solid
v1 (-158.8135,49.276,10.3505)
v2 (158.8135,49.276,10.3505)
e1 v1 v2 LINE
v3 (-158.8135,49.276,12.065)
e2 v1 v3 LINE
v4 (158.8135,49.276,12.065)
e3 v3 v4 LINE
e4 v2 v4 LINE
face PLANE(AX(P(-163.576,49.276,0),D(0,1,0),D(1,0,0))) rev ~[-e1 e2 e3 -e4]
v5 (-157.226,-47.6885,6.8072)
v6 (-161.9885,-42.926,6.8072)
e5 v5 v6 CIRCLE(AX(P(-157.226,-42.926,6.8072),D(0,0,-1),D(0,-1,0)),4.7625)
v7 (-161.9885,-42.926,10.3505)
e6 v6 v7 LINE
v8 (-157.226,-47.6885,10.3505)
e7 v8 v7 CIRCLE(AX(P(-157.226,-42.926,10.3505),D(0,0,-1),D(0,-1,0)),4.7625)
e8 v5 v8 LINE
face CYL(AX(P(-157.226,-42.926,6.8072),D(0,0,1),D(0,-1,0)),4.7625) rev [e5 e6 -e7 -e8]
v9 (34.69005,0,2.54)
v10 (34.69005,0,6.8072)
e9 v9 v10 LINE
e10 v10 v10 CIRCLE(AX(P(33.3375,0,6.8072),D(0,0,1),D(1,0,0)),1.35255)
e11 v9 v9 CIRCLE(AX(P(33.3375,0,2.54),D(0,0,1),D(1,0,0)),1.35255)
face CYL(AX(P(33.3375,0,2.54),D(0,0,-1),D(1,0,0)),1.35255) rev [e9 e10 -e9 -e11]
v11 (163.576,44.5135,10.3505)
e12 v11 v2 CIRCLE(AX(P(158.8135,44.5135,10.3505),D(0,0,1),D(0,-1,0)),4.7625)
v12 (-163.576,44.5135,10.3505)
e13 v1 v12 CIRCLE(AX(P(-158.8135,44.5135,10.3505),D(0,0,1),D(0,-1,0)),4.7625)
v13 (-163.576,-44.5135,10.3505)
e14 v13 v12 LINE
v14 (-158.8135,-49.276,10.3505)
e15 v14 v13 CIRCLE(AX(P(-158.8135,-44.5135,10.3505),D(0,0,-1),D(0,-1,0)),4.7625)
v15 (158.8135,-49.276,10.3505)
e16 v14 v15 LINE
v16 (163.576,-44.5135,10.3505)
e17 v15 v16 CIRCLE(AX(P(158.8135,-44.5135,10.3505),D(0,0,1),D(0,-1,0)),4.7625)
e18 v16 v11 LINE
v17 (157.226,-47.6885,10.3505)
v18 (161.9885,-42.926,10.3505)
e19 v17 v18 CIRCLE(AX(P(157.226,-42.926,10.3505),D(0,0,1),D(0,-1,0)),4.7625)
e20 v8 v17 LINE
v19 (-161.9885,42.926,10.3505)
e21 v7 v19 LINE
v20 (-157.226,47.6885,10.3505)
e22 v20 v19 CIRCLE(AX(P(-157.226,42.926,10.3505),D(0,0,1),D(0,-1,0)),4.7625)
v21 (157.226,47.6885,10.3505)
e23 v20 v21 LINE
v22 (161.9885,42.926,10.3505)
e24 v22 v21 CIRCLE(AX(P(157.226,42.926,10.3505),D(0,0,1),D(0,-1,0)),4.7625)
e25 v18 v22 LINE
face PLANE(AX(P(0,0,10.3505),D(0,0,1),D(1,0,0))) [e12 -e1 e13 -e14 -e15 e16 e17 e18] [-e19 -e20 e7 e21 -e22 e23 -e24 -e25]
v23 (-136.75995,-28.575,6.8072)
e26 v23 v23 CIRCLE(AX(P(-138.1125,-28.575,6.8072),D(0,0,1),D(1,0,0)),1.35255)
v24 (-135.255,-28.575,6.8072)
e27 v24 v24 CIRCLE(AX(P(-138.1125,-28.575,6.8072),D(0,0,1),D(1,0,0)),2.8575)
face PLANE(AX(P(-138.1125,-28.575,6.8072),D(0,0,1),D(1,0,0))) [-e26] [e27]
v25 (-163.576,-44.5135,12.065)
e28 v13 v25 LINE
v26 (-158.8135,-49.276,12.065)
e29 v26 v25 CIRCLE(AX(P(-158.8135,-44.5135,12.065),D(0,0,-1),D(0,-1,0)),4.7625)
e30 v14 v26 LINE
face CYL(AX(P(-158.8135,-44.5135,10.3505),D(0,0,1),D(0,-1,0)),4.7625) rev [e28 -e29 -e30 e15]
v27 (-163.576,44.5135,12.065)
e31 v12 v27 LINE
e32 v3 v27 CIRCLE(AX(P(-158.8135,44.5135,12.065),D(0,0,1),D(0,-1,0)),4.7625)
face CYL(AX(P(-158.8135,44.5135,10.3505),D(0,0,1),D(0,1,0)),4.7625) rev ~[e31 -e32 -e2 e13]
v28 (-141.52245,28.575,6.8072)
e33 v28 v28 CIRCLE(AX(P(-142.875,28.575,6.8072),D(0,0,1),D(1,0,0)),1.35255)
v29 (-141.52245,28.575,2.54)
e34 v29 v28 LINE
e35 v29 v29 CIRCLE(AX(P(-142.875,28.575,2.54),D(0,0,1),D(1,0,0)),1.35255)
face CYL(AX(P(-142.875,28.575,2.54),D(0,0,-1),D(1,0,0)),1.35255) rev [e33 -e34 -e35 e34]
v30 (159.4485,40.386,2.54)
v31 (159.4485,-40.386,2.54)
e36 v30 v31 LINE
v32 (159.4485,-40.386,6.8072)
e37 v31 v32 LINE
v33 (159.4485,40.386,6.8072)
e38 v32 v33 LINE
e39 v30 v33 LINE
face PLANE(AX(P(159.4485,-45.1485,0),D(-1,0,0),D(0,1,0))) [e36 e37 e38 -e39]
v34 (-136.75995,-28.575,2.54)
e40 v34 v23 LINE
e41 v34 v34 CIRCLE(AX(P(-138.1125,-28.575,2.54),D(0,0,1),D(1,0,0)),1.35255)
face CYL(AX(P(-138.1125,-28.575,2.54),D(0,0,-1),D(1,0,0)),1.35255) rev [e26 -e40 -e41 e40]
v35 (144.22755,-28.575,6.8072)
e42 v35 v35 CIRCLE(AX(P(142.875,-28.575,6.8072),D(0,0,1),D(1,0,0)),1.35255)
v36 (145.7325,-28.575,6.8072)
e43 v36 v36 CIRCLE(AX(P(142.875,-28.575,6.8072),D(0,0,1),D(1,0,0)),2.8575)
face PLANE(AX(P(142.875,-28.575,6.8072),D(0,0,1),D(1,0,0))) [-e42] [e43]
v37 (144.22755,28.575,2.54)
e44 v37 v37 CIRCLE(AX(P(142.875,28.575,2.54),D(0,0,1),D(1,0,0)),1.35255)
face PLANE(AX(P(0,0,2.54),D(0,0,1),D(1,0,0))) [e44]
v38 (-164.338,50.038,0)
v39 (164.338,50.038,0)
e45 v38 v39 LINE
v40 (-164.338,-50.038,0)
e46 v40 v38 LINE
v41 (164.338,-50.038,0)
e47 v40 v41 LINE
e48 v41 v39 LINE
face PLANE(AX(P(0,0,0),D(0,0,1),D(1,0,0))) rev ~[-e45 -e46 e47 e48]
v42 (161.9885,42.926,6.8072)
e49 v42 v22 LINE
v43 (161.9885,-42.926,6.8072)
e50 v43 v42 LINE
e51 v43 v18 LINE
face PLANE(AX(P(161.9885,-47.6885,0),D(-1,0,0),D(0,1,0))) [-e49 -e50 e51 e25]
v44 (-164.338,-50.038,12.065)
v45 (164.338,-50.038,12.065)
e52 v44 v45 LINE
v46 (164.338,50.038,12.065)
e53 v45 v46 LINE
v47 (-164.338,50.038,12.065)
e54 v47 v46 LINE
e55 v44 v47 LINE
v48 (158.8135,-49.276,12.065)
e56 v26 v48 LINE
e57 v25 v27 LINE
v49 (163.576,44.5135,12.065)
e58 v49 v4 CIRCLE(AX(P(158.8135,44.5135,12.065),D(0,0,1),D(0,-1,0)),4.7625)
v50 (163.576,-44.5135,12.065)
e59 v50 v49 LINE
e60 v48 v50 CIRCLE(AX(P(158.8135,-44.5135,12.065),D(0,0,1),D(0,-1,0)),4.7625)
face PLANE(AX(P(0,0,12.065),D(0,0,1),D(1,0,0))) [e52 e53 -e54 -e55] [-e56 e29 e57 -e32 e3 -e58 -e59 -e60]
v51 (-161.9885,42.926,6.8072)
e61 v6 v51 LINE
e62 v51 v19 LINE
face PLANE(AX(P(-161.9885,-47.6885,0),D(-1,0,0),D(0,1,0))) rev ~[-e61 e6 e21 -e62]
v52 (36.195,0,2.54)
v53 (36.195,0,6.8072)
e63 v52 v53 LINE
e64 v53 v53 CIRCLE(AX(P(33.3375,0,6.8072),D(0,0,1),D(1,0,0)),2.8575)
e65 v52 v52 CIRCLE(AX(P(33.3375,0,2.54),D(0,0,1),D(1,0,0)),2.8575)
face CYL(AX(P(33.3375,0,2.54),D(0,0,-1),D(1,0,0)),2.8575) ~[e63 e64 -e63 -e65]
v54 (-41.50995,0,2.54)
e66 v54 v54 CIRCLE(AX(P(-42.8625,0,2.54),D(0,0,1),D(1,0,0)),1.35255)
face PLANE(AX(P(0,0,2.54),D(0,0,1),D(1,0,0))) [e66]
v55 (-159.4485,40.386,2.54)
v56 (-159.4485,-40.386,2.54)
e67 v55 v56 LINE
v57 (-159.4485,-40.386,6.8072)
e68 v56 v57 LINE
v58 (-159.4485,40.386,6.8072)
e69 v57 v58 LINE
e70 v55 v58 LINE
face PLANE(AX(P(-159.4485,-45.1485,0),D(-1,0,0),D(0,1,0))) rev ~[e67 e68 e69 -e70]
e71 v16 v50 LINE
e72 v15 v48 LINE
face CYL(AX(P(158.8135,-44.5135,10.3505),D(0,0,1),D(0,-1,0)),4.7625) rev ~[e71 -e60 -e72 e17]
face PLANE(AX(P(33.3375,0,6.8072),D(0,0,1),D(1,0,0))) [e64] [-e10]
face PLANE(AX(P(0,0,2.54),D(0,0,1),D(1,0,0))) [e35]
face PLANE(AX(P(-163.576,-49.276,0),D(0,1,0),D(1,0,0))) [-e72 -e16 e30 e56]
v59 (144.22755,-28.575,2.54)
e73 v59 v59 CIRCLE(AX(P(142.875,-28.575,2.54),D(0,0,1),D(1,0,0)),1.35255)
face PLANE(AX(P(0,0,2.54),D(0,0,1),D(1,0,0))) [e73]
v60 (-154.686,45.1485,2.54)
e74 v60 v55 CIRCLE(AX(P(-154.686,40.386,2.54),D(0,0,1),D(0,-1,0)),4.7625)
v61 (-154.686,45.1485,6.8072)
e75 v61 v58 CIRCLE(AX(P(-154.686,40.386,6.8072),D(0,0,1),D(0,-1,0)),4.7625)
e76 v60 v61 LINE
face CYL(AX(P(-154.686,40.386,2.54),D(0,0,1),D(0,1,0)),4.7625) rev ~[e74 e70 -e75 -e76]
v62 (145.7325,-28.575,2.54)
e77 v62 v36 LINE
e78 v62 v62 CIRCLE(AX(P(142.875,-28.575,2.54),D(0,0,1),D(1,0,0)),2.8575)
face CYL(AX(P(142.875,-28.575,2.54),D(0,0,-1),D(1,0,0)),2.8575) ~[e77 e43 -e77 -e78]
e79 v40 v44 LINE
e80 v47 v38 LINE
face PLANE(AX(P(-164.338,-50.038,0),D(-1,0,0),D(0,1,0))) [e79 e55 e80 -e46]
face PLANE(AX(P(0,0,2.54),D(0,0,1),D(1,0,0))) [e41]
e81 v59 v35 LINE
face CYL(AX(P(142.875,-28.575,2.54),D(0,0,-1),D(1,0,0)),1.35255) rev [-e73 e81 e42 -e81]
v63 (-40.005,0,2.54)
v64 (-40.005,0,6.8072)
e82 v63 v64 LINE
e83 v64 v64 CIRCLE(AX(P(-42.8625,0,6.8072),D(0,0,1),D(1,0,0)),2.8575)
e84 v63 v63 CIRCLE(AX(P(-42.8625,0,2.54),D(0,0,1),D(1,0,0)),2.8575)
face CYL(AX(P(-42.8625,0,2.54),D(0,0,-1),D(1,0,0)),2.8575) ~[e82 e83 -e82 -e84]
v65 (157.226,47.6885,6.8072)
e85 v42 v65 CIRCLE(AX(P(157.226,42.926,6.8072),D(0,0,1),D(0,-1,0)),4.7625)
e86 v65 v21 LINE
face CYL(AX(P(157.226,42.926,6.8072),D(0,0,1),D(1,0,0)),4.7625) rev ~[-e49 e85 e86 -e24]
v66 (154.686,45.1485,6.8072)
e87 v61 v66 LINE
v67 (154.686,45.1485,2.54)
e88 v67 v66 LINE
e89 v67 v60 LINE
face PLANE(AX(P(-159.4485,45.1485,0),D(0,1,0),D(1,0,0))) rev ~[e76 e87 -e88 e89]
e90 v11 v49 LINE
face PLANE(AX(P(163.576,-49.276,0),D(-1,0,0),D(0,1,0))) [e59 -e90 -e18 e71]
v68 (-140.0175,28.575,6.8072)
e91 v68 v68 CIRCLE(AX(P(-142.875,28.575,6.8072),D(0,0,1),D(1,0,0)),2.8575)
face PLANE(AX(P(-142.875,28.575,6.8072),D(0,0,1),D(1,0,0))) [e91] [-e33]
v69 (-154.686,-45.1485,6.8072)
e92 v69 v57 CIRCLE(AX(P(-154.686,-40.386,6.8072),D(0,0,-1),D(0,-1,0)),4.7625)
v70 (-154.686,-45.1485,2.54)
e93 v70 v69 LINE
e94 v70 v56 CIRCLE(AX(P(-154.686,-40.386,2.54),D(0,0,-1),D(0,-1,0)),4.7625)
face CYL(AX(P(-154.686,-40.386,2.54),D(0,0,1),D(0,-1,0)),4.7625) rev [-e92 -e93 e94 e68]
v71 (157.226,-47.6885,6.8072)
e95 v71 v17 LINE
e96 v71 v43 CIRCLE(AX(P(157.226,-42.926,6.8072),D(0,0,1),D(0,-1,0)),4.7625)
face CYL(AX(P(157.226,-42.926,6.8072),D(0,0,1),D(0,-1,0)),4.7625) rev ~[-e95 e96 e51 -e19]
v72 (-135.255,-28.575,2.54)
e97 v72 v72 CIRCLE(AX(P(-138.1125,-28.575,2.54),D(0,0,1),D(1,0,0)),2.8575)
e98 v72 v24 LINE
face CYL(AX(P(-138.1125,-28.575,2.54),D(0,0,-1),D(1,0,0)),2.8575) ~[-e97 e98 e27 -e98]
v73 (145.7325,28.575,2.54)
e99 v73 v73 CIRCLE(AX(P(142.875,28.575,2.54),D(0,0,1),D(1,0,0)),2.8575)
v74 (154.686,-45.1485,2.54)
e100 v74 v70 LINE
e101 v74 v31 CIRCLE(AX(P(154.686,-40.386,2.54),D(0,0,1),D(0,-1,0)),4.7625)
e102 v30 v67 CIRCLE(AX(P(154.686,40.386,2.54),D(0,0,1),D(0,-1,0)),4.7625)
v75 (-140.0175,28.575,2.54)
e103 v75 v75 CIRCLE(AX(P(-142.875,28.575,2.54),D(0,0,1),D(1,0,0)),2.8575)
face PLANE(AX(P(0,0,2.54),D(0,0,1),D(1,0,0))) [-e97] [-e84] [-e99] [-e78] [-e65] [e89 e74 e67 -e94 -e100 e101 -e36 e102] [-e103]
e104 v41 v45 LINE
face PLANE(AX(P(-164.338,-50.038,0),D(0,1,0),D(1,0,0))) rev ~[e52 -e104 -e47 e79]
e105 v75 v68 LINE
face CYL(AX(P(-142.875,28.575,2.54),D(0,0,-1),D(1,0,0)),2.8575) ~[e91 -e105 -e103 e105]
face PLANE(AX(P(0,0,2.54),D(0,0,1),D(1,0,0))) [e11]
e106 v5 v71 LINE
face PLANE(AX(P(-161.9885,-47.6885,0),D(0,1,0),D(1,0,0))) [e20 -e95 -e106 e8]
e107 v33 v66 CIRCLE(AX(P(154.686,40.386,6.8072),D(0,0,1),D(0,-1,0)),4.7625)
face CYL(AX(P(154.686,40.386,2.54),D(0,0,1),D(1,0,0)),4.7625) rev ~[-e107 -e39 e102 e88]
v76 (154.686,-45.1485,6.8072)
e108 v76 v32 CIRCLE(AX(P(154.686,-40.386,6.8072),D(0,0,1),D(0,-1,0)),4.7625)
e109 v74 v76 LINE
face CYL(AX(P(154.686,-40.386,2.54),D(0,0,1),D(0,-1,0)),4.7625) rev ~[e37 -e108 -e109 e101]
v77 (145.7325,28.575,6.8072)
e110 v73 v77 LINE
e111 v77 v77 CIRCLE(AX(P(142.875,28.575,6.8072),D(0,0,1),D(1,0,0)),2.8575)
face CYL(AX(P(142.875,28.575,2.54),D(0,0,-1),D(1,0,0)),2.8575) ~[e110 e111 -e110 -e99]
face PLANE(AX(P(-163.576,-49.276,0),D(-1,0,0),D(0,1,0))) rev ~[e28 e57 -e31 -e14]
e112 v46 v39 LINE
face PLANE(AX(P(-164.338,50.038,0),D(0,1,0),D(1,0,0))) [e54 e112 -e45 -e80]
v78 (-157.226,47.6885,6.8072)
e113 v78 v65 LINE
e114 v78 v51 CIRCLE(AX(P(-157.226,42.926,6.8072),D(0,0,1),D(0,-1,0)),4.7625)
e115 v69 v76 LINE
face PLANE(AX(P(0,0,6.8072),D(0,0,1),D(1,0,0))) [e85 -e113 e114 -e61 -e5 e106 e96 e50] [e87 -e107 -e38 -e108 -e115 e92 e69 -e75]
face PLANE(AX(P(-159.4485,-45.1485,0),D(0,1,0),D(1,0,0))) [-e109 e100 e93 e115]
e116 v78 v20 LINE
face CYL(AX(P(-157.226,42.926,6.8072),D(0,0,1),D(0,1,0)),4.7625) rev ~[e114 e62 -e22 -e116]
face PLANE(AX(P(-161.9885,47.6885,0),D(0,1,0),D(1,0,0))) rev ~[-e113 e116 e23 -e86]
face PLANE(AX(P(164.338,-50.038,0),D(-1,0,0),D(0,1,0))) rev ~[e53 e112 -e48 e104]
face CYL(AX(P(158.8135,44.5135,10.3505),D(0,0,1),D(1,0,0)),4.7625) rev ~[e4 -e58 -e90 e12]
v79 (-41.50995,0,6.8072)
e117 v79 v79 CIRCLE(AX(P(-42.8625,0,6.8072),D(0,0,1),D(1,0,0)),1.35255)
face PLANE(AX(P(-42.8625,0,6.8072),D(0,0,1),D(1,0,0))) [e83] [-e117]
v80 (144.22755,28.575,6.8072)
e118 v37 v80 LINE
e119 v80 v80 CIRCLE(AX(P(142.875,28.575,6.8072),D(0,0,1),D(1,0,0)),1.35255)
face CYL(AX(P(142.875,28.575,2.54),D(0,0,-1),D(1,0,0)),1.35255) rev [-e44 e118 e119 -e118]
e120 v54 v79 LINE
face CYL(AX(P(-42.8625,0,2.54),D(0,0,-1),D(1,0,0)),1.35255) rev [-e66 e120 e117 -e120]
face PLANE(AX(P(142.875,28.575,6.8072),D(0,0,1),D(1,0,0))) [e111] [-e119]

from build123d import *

# Parameters (mm, degrees)
SKETCH1_W           = 328.676
SKETCH1_H           = 100.076
SKETCH1_W_2         = 327.152
SKETCH1_H_2         = 98.552
SKETCH1_W_3         = 323.977
SKETCH1_H_3         = 95.377
SKETCH1_W_4         = 318.897
SKETCH1_H_4         = 90.297
BOSS_EXTRUDE1_DEPTH = 2.54
SKETCH1_3_W         = 328.676
SKETCH1_3_H         = 100.076
SKETCH1_3_W_2       = 327.152
SKETCH1_3_H_2       = 98.552
BOSS_EXTRUDE2_DEPTH = 12.065
SKETCH1_4_W         = 327.152
SKETCH1_4_H         = 98.552
SKETCH1_4_W_2       = 323.977
SKETCH1_4_H_2       = 95.377
BOSS_EXTRUDE3_DEPTH = 10.3505
SKETCH1_5_W         = 323.977
SKETCH1_5_H         = 95.377
SKETCH1_5_W_2       = 318.897
SKETCH1_5_H_2       = 90.297
BOSS_EXTRUDE4_DEPTH = 6.8072
FILLET1_R           = 4.7625
SKETCH2_R           = 2.8575
SKETCH2_R_2         = 1.35255
BOSS_EXTRUDE5_DEPTH = 4.2672


with BuildPart() as part:
    # Sketch1 → Boss-Extrude1 (new body)
    # profile 1 of 4: a face of its own
    with BuildSketch(Plane.XY):
        Rectangle(SKETCH1_W, SKETCH1_H)
        Rectangle(SKETCH1_W_2, SKETCH1_H_2, mode=Mode.SUBTRACT)
    # profile 2 of 4: a face of its own
    with BuildSketch(Plane.XY):
        Rectangle(SKETCH1_W_2, SKETCH1_H_2)
        Rectangle(SKETCH1_W_3, SKETCH1_H_3, mode=Mode.SUBTRACT)
    # profile 3 of 4: a face of its own
    with BuildSketch(Plane.XY):
        Rectangle(SKETCH1_W_3, SKETCH1_H_3)
    # profile 4 of 4: a face of its own
    with BuildSketch(Plane.XY):
        Rectangle(SKETCH1_W_4, SKETCH1_H_4)
    extrude(amount=BOSS_EXTRUDE1_DEPTH)

    # Sketch1<3> → Boss-Extrude2 (add)
    with BuildSketch(Plane.XY):
        Rectangle(SKETCH1_3_W, SKETCH1_3_H)
        Rectangle(SKETCH1_3_W_2, SKETCH1_3_H_2, mode=Mode.SUBTRACT)
    extrude(amount=BOSS_EXTRUDE2_DEPTH)

    # Sketch1<4> → Boss-Extrude3 (add)
    with BuildSketch(Plane.XY):
        Rectangle(SKETCH1_4_W, SKETCH1_4_H)
        Rectangle(SKETCH1_4_W_2, SKETCH1_4_H_2, mode=Mode.SUBTRACT)
    extrude(amount=BOSS_EXTRUDE3_DEPTH)

    # Sketch1<5> → Boss-Extrude4 (add)
    with BuildSketch(Plane.XY):
        Rectangle(SKETCH1_5_W, SKETCH1_5_H)
        Rectangle(SKETCH1_5_W_2, SKETCH1_5_H_2, mode=Mode.SUBTRACT)
    extrude(amount=BOSS_EXTRUDE4_DEPTH)

    # Fillet1
    fillet1_edges = [part.edges().sort_by_distance(p)[0] for p in [
        (159.4485, 45.1485, 4.6736),
        (159.4485, -45.1485, 4.6736),
        (-159.4485, -45.1485, 4.6736),
        (-159.4485, 45.1485, 4.6736),
        (163.576, -49.276, 11.20775),
        (-163.576, -49.276, 11.20775),
        (-163.576, 49.276, 11.20775),
        (163.576, 49.276, 11.20775),
        (161.9885, 47.6885, 8.57885),
        (-161.9885, 47.6885, 8.57885),
        (-161.9885, -47.6885, 8.57885),
        (161.9885, -47.6885, 8.57885),
    ]]
    fillet(fillet1_edges, radius=FILLET1_R)

    # Sketch2 → Boss-Extrude5 (add)
    # profile 1 of 6: a face of its own
    with BuildSketch(Plane.XY.offset(2.54)):
        with Locations((142.875, -28.575)):
            Circle(SKETCH2_R)
        with Locations((142.875, -28.575)):
            Circle(SKETCH2_R_2, mode=Mode.SUBTRACT)
    # profile 2 of 6: a face of its own
    with BuildSketch(Plane.XY.offset(2.54)):
        with Locations((142.875, 28.575)):
            Circle(SKETCH2_R)
        with Locations((142.875, 28.575)):
            Circle(SKETCH2_R_2, mode=Mode.SUBTRACT)
    # profile 3 of 6: a face of its own
    with BuildSketch(Plane.XY.offset(2.54)):
        with Locations((-42.8625, 0)):
            Circle(SKETCH2_R)
        with Locations((-42.8625, 0)):
            Circle(SKETCH2_R_2, mode=Mode.SUBTRACT)
    # profile 4 of 6: a face of its own
    with BuildSketch(Plane.XY.offset(2.54)):
        with Locations((33.3375, 0)):
            Circle(SKETCH2_R)
        with Locations((33.3375, 0)):
            Circle(SKETCH2_R_2, mode=Mode.SUBTRACT)
    # profile 5 of 6: a face of its own
    with BuildSketch(Plane.XY.offset(2.54)):
        with Locations((-142.875, 28.575)):
            Circle(SKETCH2_R)
        with Locations((-142.875, 28.575)):
            Circle(SKETCH2_R_2, mode=Mode.SUBTRACT)
    # profile 6 of 6: a face of its own
    with BuildSketch(Plane.XY.offset(2.54)):
        with Locations((-138.1125, -28.575)):
            Circle(SKETCH2_R)
        with Locations((-138.1125, -28.575)):
            Circle(SKETCH2_R_2, mode=Mode.SUBTRACT)
    extrude(amount=BOSS_EXTRUDE5_DEPTH)


solid = part.part
